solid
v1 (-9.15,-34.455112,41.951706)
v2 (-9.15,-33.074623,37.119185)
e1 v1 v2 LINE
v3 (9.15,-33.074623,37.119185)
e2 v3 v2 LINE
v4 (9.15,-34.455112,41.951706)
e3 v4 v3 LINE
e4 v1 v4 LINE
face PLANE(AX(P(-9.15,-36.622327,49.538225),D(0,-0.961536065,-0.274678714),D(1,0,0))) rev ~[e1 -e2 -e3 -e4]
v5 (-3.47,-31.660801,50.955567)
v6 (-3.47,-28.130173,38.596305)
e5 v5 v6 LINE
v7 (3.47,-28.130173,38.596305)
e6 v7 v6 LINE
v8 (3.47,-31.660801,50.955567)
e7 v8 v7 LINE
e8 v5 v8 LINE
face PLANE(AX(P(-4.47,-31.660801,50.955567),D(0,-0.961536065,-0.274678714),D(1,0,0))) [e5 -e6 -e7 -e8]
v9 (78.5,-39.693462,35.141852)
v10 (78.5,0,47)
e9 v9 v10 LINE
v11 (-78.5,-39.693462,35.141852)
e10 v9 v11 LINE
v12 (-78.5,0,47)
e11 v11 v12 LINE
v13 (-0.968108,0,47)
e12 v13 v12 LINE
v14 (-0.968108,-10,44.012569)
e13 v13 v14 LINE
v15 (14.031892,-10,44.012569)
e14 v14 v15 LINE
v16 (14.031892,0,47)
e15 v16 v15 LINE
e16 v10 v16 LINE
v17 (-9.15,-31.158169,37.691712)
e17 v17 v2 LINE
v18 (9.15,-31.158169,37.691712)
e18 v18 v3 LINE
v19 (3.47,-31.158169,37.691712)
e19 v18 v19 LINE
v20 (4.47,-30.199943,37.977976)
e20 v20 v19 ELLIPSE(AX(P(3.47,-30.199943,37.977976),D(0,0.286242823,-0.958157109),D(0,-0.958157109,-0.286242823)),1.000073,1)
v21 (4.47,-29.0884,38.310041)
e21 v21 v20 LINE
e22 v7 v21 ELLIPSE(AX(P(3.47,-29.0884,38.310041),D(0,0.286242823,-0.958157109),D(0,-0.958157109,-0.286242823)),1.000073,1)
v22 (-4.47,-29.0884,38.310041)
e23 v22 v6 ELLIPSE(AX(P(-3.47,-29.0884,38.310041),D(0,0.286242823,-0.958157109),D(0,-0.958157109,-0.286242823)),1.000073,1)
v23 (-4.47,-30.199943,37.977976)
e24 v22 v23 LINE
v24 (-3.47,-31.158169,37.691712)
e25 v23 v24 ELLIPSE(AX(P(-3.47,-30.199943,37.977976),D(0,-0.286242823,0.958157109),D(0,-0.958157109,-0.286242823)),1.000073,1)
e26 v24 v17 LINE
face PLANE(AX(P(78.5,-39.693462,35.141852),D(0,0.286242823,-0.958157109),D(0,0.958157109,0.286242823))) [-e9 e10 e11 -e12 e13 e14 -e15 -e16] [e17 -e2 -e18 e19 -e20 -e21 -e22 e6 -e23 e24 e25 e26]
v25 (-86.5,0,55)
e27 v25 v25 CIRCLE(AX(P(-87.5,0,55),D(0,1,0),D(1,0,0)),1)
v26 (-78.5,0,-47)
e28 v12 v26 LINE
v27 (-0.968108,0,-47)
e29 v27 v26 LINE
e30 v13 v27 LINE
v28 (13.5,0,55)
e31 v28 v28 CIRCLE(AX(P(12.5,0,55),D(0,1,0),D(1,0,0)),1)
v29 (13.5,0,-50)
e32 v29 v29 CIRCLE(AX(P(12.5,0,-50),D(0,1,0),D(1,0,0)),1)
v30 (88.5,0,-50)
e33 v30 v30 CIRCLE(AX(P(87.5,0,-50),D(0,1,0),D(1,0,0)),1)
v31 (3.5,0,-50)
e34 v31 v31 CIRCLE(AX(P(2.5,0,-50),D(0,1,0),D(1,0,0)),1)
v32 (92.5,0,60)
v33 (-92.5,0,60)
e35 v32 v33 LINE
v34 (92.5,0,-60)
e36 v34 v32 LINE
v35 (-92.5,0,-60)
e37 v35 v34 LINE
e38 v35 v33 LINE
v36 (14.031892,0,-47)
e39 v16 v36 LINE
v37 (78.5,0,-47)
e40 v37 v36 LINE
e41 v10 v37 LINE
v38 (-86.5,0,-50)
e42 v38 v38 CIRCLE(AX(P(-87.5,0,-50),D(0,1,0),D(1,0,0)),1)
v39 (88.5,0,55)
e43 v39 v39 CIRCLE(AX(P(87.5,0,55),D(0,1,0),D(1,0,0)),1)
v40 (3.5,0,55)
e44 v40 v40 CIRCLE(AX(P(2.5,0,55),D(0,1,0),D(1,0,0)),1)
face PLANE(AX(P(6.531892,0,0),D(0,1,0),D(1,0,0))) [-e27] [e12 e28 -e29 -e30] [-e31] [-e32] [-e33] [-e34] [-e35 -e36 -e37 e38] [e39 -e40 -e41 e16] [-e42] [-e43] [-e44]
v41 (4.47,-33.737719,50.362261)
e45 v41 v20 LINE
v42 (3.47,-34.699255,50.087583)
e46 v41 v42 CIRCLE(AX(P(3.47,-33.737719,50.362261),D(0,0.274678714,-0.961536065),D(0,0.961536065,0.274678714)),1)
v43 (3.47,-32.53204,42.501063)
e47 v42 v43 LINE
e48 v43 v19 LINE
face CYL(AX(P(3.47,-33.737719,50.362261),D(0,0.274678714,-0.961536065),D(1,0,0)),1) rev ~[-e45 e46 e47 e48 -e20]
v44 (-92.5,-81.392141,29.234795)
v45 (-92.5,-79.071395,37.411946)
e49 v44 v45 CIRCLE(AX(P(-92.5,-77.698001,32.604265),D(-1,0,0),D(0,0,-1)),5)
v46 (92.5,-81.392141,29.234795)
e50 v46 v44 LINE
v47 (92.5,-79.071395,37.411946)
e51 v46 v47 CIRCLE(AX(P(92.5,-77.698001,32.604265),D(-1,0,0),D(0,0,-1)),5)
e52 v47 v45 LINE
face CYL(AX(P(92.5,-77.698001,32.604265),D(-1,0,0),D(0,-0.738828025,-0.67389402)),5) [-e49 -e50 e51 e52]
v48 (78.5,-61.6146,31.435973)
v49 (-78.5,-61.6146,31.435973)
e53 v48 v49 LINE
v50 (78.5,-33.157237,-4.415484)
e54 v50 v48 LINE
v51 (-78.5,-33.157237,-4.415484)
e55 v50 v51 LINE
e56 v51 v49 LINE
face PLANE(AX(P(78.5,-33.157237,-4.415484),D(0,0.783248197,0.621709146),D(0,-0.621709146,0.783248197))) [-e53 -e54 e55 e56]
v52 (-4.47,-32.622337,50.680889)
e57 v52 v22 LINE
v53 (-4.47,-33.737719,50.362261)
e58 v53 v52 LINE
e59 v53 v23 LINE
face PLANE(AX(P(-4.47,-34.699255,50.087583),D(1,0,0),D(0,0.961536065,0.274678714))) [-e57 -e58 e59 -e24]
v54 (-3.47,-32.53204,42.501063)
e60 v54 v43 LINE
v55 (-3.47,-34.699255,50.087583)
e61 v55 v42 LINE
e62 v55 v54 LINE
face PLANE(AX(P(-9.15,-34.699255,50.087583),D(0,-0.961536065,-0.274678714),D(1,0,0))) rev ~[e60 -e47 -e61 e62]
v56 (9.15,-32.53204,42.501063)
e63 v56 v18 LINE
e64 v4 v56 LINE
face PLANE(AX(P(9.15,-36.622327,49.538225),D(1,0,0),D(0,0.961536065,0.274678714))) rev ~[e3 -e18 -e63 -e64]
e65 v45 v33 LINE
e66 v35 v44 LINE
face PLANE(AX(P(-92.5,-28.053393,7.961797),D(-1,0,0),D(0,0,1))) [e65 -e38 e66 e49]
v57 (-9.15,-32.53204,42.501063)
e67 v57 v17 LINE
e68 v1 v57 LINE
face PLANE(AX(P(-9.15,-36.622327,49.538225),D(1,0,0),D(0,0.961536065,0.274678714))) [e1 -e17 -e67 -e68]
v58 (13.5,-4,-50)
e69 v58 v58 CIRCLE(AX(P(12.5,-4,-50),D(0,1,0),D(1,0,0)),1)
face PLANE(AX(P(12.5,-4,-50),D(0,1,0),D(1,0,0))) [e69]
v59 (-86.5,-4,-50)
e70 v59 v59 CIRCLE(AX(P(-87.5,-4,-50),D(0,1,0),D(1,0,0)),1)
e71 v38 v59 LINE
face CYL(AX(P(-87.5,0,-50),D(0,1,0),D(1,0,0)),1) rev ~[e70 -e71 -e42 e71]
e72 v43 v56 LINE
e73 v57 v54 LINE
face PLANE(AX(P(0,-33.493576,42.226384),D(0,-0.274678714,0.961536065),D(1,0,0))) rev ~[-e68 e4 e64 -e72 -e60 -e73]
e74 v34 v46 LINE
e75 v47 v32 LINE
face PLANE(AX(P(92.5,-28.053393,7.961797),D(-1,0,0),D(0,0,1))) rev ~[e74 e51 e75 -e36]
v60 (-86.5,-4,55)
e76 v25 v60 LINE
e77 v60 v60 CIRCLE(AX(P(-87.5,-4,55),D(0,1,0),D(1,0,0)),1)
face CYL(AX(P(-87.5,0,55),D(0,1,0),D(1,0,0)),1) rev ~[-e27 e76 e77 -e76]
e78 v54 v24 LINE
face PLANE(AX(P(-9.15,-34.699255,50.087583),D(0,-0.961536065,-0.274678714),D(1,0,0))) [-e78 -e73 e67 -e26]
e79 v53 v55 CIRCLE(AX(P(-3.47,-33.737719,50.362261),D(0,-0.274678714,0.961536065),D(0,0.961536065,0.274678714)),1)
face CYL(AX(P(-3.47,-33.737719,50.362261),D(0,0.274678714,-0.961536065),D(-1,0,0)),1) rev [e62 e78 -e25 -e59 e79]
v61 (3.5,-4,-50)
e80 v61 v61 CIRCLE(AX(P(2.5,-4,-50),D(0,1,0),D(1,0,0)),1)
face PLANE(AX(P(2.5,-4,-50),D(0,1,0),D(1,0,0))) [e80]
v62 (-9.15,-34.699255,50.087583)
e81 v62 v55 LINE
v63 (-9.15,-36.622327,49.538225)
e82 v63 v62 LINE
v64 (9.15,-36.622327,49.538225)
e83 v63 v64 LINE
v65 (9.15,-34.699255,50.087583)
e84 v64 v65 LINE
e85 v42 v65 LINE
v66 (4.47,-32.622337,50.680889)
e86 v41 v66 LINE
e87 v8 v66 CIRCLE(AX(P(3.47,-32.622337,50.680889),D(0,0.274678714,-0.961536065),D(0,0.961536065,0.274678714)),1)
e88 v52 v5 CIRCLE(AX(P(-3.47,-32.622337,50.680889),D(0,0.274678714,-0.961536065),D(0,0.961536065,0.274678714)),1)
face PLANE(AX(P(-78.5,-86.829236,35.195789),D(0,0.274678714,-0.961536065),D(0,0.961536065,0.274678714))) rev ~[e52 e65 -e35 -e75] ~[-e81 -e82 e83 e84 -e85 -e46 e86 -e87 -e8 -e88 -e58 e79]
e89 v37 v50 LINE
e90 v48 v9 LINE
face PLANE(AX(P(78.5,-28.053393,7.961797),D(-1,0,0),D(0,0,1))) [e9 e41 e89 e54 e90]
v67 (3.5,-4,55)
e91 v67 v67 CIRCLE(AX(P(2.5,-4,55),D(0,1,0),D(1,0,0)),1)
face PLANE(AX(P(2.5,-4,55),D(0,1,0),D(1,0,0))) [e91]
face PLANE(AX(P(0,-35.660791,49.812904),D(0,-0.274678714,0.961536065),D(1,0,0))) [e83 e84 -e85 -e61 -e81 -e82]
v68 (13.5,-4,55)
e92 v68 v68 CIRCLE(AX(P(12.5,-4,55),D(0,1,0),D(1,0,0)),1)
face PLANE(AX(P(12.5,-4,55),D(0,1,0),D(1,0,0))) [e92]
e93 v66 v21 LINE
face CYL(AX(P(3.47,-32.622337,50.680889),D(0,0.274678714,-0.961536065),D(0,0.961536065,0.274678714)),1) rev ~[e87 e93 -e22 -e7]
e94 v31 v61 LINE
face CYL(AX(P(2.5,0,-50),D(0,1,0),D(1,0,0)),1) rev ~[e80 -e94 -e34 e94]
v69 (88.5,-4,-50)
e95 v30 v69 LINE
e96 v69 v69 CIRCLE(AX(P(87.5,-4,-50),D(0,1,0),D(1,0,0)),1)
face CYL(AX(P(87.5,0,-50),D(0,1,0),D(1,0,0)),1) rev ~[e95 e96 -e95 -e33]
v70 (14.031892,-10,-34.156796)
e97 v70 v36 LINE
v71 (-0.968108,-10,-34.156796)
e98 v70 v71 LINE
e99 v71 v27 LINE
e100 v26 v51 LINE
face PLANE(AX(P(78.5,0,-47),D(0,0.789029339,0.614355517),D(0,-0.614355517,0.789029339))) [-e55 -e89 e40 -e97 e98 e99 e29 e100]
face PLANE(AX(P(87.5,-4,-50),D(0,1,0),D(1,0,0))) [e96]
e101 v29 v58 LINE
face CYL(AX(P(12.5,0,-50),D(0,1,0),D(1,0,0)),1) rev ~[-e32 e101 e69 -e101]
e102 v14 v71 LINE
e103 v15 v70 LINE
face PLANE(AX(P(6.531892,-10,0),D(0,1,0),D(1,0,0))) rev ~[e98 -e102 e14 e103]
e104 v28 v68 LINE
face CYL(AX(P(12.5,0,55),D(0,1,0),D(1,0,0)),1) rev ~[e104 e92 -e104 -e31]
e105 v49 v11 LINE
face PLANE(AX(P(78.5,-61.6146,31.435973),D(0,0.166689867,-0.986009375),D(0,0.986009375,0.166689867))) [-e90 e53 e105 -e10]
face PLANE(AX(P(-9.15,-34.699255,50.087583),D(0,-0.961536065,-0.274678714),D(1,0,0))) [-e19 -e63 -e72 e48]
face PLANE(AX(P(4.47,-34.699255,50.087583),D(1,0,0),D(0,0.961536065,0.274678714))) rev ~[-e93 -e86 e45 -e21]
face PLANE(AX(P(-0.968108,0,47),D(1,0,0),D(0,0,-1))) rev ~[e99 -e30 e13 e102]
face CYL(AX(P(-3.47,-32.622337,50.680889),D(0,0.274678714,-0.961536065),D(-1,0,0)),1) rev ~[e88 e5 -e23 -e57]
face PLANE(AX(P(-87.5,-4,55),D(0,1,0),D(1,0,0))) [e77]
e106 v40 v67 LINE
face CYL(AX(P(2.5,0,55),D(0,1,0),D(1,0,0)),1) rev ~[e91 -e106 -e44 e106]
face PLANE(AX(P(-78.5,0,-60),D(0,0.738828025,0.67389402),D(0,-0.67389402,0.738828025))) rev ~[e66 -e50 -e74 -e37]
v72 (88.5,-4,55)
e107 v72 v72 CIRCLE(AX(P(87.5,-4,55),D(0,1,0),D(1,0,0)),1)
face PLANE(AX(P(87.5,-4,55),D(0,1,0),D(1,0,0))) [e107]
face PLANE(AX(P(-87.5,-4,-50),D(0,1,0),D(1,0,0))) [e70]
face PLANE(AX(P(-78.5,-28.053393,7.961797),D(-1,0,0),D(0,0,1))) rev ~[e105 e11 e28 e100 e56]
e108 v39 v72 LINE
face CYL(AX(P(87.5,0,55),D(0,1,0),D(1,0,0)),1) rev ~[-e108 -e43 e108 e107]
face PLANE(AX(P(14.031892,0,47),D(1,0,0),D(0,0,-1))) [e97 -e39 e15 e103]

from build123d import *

# Parameters (mm, degrees)
SKETCH1_W           = 185
SKETCH1_H           = 120
BOSS_EXTRUDE1_DEPTH = 10
BOSS_EXTRUDE2_DEPTH = 14
BOSS_EXTRUDE3_DEPTH = 157
BOSS_EXTRUDE4_DEPTH = 14
SKETCH6_W           = 120
SKETCH6_H           = 10
CUT_EXTRUDE1_DEPTH  = 300
SKETCH7_W           = 15
SKETCH7_H           = 94
BOSS_EXTRUDE5_DEPTH = 10
SKETCH8_R           = 1
CUT_EXTRUDE2_DEPTH  = 4
SKETCH9_R           = 1
CUT_EXTRUDE3_DEPTH  = 4
FILLET1_R           = 5
SKETCH10_W          = 8.94
SKETCH10_H          = 3.16
CUT_EXTRUDE4_DEPTH  = 13
FILLET2_R           = 1
SKETCH12_W          = 18.3
SKETCH12_H          = 2
CUT_EXTRUDE6_DEPTH  = 13
SKETCH13_W          = 18.3
SKETCH13_H          = 2
BOSS_EXTRUDE6_DEPTH = 7.89


with BuildPart() as part:
    # Sketch1 → Boss-Extrude1 (new body)
    with BuildSketch(Plane(origin=(0, 0, 0), x_dir=(1, 0, 0), z_dir=(0, 1, 0))):
        Rectangle(SKETCH1_W, SKETCH1_H)
    extrude(amount=BOSS_EXTRUDE1_DEPTH)

    # Sketch3 → Boss-Extrude2 (add)
    with BuildSketch(Plane(origin=(92.5, 0, 0), x_dir=(0, 0, -1), z_dir=(1, 0, 0))):
        Polygon((60, 0), (-35.195789495, -86.829236424), (-60, 0), align=None)
    extrude(amount=-BOSS_EXTRUDE2_DEPTH)

    # Sketch4 → Boss-Extrude3 (add)
    with BuildSketch(Plane.ZY.offset(-78.5)):
        Polygon((35.141852327, -39.693461507), (47, 0), (60, 0), (35.195789495, -86.829236424), (-60, 0), (-47, 0), (-4.415483527, -33.157236801), (31.435973084, -61.614600076), align=None)
    extrude(amount=BOSS_EXTRUDE3_DEPTH)

    # Sketch5 → Boss-Extrude4 (add)
    with BuildSketch(Plane.ZY.offset(78.5)):
        Polygon((60, 0), (-60, 0), (35.195789495, -86.829236424), align=None)
    extrude(amount=BOSS_EXTRUDE4_DEPTH)

    # Sketch6 → Cut-Extrude1 (cut)
    with BuildSketch(Plane.ZY.offset(92.5)):
        with Locations((0, 5)):
            Rectangle(SKETCH6_W, SKETCH6_H)
    extrude(amount=-CUT_EXTRUDE1_DEPTH, mode=Mode.SUBTRACT)

    # Sketch7 → Boss-Extrude5 (add)
    with BuildSketch(Plane(origin=(0, 0, 0), x_dir=(1, 0, 0), z_dir=(0, 1, 0))):
        with Locations((6.531892019, 0)):
            Rectangle(SKETCH7_W, SKETCH7_H)
    extrude(amount=-BOSS_EXTRUDE5_DEPTH)

    # Sketch8 → Cut-Extrude2 (cut)
    with BuildSketch(Plane(origin=(0, 0, 0), x_dir=(1, 0, 0), z_dir=(0, 1, 0))):
        with Locations((87.5, -55)):
            Circle(SKETCH8_R)
        with Locations((-87.5, -55)):
            Circle(SKETCH8_R)
        with Locations((12.5, -55)):
            Circle(SKETCH8_R)
        with Locations((2.5, -55)):
            Circle(SKETCH8_R)
    extrude(amount=-CUT_EXTRUDE2_DEPTH, mode=Mode.SUBTRACT)

    # Sketch9 → Cut-Extrude3 (cut)
    with BuildSketch(Plane(origin=(0, 0, 0), x_dir=(1, 0, 0), z_dir=(0, 1, 0))):
        with Locations((87.5, 50)):
            Circle(SKETCH9_R)
        with Locations((-87.5, 50)):
            Circle(SKETCH9_R)
        with Locations((12.5, 50)):
            Circle(SKETCH9_R)
        with Locations((2.5, 50)):
            Circle(SKETCH9_R)
    extrude(amount=-CUT_EXTRUDE3_DEPTH, mode=Mode.SUBTRACT)

    # Fillet1
    fillet1_edges = [part.edges().sort_by_distance(p)[0] for p in [
        (0, -86.829236424, 35.195789495),
    ]]
    fillet(fillet1_edges, radius=FILLET1_R)

    # Sketch10 → Cut-Extrude4 (cut)
    with BuildSketch(Plane(origin=(0, -15.846809365, 55.473096258), x_dir=(1, 0, 0), z_dir=(0, -0.274678714, 0.961536065))):
        with Locations((0, -18.026592613)):
            Rectangle(SKETCH10_W, SKETCH10_H)
    extrude(amount=-CUT_EXTRUDE4_DEPTH, mode=Mode.SUBTRACT)

    # Fillet2
    fillet2_edges = [part.edges().sort_by_distance(p)[0] for p in [
        (4.47, -29.895487229, 44.775936137),
        (4.47, -32.92871232, 43.889647284),
        (-4.47, -32.92871232, 43.889647284),
        (-4.47, -29.895487229, 44.775936137),
    ]]
    fillet(fillet2_edges, radius=FILLET2_R)

    # Sketch12 → Cut-Extrude6 (cut)
    with BuildSketch(Plane(origin=(0, -15.846809365, 55.473096258), x_dir=(1, 0, 0), z_dir=(0, -0.274678714, 0.961536065))):
        with Locations((0, -20.606592613)):
            Rectangle(SKETCH12_W, SKETCH12_H)
    extrude(amount=-CUT_EXTRUDE6_DEPTH, mode=Mode.SUBTRACT)

    # Sketch13 → Boss-Extrude6 (add)
    with BuildSketch(Plane(origin=(0, -15.846809365, 55.473096258), x_dir=(1, 0, 0), z_dir=(0, -0.274678714, 0.961536065))):
        with Locations((0, -20.606592613)):
            Rectangle(SKETCH13_W, SKETCH13_H)
    extrude(amount=-BOSS_EXTRUDE6_DEPTH)


solid = part.part
